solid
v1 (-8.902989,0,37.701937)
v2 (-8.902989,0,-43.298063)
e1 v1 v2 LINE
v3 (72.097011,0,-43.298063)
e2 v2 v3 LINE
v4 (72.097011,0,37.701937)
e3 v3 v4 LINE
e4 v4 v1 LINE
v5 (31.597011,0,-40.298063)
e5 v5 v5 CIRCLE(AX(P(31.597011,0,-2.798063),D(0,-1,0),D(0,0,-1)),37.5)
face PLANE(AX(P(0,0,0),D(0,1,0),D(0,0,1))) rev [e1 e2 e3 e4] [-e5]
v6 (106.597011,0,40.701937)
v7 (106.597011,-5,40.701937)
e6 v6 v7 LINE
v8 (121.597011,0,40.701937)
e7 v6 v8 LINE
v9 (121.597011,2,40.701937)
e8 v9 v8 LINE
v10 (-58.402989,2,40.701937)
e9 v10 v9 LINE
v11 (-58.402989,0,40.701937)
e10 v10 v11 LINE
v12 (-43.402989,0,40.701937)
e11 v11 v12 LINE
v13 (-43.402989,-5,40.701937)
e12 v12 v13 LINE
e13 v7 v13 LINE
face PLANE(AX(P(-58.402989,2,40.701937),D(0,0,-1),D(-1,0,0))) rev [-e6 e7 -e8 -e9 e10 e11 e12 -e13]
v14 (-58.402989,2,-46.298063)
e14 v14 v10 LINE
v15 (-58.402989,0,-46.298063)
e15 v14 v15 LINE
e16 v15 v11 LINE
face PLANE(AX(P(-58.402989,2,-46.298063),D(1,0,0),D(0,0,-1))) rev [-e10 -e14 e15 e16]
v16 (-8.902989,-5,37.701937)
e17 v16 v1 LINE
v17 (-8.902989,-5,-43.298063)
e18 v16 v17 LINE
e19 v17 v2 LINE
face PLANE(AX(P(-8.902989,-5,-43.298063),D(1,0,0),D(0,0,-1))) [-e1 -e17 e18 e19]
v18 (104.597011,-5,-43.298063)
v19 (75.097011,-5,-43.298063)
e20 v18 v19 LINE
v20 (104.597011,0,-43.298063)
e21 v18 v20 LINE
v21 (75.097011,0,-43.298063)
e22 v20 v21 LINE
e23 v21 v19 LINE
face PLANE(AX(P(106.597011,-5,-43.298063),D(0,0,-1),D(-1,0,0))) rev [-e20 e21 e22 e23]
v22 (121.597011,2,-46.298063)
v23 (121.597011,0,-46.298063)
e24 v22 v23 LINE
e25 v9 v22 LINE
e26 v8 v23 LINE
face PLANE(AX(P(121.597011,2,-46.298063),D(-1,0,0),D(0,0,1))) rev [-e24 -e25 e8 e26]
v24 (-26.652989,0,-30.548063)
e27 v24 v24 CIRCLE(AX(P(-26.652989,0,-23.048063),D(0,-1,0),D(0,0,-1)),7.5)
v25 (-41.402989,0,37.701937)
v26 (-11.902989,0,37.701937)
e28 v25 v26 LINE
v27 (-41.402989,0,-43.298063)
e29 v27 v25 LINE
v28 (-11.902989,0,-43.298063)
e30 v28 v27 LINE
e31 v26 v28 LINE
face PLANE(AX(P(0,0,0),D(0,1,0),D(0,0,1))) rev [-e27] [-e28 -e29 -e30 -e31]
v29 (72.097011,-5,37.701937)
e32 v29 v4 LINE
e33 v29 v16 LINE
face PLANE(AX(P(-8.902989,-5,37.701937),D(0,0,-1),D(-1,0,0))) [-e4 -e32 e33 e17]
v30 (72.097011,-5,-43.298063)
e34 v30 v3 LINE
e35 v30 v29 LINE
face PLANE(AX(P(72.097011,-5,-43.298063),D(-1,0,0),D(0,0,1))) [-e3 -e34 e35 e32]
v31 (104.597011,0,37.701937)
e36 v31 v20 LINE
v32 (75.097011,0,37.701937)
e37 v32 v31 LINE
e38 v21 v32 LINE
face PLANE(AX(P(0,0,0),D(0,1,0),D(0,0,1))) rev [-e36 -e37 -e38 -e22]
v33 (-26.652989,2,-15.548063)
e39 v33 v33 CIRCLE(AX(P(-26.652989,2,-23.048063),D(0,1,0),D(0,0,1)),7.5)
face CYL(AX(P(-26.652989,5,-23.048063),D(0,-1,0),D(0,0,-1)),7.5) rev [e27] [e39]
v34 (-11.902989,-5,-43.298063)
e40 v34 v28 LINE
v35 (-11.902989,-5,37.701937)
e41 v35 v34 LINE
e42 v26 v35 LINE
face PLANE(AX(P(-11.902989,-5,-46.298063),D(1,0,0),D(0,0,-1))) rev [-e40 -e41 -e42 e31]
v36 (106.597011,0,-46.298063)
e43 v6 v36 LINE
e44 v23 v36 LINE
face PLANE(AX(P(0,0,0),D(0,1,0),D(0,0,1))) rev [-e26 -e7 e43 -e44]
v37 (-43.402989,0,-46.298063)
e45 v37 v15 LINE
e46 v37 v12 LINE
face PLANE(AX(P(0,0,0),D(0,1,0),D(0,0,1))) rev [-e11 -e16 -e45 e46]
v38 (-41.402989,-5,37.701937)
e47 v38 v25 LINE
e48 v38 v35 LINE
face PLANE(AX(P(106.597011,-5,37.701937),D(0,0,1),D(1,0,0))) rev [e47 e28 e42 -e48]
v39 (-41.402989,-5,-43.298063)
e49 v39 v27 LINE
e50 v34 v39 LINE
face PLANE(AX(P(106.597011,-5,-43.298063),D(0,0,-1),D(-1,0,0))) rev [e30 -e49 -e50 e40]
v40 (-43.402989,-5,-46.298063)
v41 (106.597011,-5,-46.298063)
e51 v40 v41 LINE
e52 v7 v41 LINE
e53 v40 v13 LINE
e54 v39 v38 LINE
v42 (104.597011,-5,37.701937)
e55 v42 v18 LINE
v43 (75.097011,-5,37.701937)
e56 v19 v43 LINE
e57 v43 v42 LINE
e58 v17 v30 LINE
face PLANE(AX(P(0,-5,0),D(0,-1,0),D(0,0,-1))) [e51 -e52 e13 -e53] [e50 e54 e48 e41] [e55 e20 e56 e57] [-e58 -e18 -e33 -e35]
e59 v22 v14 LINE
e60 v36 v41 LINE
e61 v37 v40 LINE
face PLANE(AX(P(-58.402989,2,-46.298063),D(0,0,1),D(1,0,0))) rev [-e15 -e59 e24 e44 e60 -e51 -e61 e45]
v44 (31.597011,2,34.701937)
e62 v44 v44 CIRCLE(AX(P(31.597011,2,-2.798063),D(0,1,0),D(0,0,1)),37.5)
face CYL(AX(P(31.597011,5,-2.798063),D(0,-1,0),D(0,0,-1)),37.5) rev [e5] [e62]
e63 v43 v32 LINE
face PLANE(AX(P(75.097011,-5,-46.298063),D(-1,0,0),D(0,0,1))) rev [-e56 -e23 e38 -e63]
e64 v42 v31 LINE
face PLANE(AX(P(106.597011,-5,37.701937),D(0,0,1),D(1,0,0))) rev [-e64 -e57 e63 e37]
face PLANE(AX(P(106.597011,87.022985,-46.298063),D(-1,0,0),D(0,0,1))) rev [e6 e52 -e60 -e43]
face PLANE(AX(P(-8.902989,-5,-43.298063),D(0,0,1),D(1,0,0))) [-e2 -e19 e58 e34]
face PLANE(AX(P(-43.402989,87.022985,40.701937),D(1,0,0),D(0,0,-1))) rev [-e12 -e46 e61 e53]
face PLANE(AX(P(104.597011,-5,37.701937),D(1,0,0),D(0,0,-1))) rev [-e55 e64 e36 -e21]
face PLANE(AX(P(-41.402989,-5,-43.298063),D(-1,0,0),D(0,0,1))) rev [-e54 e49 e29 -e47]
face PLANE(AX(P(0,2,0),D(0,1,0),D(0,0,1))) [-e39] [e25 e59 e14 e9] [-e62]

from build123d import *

# Parameters (mm, degrees)
SKETCH1_W           = 180
SKETCH1_H           = 87
BOSS_EXTRUDE1_DEPTH = 2
SKETCH6_W           = 2
SKETCH6_H           = 87
BOSS_EXTRUDE5_DEPTH = 5
SKETCH7_R           = 37.5
CUT_EXTRUDE2_DEPTH  = 5
SKETCH8_W           = 87
SKETCH8_H           = 87
SKETCH8_W_2         = 81
SKETCH8_H_2         = 81
BOSS_EXTRUDE6_DEPTH = 5
SKETCH9_W           = 150
SKETCH9_H           = 3
BOSS_EXTRUDE7_DEPTH = 5
SKETCH10_W          = 2
SKETCH10_H          = 87
CUT_EXTRUDE3_DEPTH  = 5
SKETCH11_W          = 2
SKETCH11_H          = 81
BOSS_EXTRUDE8_DEPTH = 5
SKETCH12_R          = 7.5
CUT_EXTRUDE4_DEPTH  = 5


with BuildPart() as part:
    # Sketch1 → Boss-Extrude1 (new body)
    with BuildSketch(Plane(origin=(0, 0, 0), x_dir=(1, 0, 0), z_dir=(0, 1, 0))):
        with Locations((31.597011279, 2.798063398)):
            Rectangle(SKETCH1_W, SKETCH1_H)
    extrude(amount=BOSS_EXTRUDE1_DEPTH)

    # Sketch6 → Boss-Extrude5 (add)
    with BuildSketch(Plane(origin=(0, 0, 0), x_dir=(-1, 0, 0), z_dir=(0, -1, 0))):
        with Locations((44.402988721, 2.798063398)):
            Rectangle(SKETCH6_W, SKETCH6_H)
        with Locations((-107.597011279, 2.798063398)):
            Rectangle(SKETCH6_W, SKETCH6_H)
    extrude(amount=BOSS_EXTRUDE5_DEPTH)

    # Sketch7 → Cut-Extrude2 (cut)
    with BuildSketch(Plane(origin=(0, 0, 0), x_dir=(-1, 0, 0), z_dir=(0, -1, 0))):
        with Locations((-31.597011279, 2.798063398)):
            Circle(SKETCH7_R)
    extrude(amount=-CUT_EXTRUDE2_DEPTH, mode=Mode.SUBTRACT)

    # Sketch8 → Boss-Extrude6 (add)
    with BuildSketch(Plane(origin=(0, 0, 0), x_dir=(-1, 0, 0), z_dir=(0, -1, 0))):
        with Locations((-31.597011279, 2.798063398)):
            Rectangle(SKETCH8_W, SKETCH8_H)
        with Locations((-31.597011279, 2.798063398)):
            Rectangle(SKETCH8_W_2, SKETCH8_H_2, mode=Mode.SUBTRACT)
    extrude(amount=BOSS_EXTRUDE6_DEPTH)

    # Sketch9 → Boss-Extrude7 (add)
    with BuildSketch(Plane(origin=(0, 0, 0), x_dir=(-1, 0, 0), z_dir=(0, -1, 0))):
        with Locations((-31.597011279, 44.798063398)):
            Rectangle(SKETCH9_W, SKETCH9_H)
        with Locations((-31.597011279, -39.201936602)):
            Rectangle(SKETCH9_W, SKETCH9_H)
    extrude(amount=BOSS_EXTRUDE7_DEPTH)

    # Sketch10 → Cut-Extrude3 (cut)
    with BuildSketch(Plane(origin=(0, -5, 0), x_dir=(-1, 0, 0), z_dir=(0, -1, 0))):
        with Locations((-107.597011279, 2.798063398)):
            Rectangle(SKETCH10_W, SKETCH10_H)
        with Locations((44.402988721, 2.798063398)):
            Rectangle(SKETCH10_W, SKETCH10_H)
    extrude(amount=-CUT_EXTRUDE3_DEPTH, mode=Mode.SUBTRACT)

    # Sketch11 → Boss-Extrude8 (add)
    with BuildSketch(Plane(origin=(0, 0, 0), x_dir=(-1, 0, 0), z_dir=(0, -1, 0))):
        with Locations((42.402988721, 2.798063398)):
            Rectangle(SKETCH11_W, SKETCH11_H)
        with Locations((-105.597011279, 2.798063398)):
            Rectangle(SKETCH11_W, SKETCH11_H)
    extrude(amount=BOSS_EXTRUDE8_DEPTH)

    # Sketch12 → Cut-Extrude4 (cut)
    with BuildSketch(Plane(origin=(0, 0, 0), x_dir=(-1, 0, 0), z_dir=(0, -1, 0))):
        with Locations((26.652988721, 23.048063398)):
            Circle(SKETCH12_R)
    extrude(amount=-CUT_EXTRUDE4_DEPTH, mode=Mode.SUBTRACT)


solid = part.part
